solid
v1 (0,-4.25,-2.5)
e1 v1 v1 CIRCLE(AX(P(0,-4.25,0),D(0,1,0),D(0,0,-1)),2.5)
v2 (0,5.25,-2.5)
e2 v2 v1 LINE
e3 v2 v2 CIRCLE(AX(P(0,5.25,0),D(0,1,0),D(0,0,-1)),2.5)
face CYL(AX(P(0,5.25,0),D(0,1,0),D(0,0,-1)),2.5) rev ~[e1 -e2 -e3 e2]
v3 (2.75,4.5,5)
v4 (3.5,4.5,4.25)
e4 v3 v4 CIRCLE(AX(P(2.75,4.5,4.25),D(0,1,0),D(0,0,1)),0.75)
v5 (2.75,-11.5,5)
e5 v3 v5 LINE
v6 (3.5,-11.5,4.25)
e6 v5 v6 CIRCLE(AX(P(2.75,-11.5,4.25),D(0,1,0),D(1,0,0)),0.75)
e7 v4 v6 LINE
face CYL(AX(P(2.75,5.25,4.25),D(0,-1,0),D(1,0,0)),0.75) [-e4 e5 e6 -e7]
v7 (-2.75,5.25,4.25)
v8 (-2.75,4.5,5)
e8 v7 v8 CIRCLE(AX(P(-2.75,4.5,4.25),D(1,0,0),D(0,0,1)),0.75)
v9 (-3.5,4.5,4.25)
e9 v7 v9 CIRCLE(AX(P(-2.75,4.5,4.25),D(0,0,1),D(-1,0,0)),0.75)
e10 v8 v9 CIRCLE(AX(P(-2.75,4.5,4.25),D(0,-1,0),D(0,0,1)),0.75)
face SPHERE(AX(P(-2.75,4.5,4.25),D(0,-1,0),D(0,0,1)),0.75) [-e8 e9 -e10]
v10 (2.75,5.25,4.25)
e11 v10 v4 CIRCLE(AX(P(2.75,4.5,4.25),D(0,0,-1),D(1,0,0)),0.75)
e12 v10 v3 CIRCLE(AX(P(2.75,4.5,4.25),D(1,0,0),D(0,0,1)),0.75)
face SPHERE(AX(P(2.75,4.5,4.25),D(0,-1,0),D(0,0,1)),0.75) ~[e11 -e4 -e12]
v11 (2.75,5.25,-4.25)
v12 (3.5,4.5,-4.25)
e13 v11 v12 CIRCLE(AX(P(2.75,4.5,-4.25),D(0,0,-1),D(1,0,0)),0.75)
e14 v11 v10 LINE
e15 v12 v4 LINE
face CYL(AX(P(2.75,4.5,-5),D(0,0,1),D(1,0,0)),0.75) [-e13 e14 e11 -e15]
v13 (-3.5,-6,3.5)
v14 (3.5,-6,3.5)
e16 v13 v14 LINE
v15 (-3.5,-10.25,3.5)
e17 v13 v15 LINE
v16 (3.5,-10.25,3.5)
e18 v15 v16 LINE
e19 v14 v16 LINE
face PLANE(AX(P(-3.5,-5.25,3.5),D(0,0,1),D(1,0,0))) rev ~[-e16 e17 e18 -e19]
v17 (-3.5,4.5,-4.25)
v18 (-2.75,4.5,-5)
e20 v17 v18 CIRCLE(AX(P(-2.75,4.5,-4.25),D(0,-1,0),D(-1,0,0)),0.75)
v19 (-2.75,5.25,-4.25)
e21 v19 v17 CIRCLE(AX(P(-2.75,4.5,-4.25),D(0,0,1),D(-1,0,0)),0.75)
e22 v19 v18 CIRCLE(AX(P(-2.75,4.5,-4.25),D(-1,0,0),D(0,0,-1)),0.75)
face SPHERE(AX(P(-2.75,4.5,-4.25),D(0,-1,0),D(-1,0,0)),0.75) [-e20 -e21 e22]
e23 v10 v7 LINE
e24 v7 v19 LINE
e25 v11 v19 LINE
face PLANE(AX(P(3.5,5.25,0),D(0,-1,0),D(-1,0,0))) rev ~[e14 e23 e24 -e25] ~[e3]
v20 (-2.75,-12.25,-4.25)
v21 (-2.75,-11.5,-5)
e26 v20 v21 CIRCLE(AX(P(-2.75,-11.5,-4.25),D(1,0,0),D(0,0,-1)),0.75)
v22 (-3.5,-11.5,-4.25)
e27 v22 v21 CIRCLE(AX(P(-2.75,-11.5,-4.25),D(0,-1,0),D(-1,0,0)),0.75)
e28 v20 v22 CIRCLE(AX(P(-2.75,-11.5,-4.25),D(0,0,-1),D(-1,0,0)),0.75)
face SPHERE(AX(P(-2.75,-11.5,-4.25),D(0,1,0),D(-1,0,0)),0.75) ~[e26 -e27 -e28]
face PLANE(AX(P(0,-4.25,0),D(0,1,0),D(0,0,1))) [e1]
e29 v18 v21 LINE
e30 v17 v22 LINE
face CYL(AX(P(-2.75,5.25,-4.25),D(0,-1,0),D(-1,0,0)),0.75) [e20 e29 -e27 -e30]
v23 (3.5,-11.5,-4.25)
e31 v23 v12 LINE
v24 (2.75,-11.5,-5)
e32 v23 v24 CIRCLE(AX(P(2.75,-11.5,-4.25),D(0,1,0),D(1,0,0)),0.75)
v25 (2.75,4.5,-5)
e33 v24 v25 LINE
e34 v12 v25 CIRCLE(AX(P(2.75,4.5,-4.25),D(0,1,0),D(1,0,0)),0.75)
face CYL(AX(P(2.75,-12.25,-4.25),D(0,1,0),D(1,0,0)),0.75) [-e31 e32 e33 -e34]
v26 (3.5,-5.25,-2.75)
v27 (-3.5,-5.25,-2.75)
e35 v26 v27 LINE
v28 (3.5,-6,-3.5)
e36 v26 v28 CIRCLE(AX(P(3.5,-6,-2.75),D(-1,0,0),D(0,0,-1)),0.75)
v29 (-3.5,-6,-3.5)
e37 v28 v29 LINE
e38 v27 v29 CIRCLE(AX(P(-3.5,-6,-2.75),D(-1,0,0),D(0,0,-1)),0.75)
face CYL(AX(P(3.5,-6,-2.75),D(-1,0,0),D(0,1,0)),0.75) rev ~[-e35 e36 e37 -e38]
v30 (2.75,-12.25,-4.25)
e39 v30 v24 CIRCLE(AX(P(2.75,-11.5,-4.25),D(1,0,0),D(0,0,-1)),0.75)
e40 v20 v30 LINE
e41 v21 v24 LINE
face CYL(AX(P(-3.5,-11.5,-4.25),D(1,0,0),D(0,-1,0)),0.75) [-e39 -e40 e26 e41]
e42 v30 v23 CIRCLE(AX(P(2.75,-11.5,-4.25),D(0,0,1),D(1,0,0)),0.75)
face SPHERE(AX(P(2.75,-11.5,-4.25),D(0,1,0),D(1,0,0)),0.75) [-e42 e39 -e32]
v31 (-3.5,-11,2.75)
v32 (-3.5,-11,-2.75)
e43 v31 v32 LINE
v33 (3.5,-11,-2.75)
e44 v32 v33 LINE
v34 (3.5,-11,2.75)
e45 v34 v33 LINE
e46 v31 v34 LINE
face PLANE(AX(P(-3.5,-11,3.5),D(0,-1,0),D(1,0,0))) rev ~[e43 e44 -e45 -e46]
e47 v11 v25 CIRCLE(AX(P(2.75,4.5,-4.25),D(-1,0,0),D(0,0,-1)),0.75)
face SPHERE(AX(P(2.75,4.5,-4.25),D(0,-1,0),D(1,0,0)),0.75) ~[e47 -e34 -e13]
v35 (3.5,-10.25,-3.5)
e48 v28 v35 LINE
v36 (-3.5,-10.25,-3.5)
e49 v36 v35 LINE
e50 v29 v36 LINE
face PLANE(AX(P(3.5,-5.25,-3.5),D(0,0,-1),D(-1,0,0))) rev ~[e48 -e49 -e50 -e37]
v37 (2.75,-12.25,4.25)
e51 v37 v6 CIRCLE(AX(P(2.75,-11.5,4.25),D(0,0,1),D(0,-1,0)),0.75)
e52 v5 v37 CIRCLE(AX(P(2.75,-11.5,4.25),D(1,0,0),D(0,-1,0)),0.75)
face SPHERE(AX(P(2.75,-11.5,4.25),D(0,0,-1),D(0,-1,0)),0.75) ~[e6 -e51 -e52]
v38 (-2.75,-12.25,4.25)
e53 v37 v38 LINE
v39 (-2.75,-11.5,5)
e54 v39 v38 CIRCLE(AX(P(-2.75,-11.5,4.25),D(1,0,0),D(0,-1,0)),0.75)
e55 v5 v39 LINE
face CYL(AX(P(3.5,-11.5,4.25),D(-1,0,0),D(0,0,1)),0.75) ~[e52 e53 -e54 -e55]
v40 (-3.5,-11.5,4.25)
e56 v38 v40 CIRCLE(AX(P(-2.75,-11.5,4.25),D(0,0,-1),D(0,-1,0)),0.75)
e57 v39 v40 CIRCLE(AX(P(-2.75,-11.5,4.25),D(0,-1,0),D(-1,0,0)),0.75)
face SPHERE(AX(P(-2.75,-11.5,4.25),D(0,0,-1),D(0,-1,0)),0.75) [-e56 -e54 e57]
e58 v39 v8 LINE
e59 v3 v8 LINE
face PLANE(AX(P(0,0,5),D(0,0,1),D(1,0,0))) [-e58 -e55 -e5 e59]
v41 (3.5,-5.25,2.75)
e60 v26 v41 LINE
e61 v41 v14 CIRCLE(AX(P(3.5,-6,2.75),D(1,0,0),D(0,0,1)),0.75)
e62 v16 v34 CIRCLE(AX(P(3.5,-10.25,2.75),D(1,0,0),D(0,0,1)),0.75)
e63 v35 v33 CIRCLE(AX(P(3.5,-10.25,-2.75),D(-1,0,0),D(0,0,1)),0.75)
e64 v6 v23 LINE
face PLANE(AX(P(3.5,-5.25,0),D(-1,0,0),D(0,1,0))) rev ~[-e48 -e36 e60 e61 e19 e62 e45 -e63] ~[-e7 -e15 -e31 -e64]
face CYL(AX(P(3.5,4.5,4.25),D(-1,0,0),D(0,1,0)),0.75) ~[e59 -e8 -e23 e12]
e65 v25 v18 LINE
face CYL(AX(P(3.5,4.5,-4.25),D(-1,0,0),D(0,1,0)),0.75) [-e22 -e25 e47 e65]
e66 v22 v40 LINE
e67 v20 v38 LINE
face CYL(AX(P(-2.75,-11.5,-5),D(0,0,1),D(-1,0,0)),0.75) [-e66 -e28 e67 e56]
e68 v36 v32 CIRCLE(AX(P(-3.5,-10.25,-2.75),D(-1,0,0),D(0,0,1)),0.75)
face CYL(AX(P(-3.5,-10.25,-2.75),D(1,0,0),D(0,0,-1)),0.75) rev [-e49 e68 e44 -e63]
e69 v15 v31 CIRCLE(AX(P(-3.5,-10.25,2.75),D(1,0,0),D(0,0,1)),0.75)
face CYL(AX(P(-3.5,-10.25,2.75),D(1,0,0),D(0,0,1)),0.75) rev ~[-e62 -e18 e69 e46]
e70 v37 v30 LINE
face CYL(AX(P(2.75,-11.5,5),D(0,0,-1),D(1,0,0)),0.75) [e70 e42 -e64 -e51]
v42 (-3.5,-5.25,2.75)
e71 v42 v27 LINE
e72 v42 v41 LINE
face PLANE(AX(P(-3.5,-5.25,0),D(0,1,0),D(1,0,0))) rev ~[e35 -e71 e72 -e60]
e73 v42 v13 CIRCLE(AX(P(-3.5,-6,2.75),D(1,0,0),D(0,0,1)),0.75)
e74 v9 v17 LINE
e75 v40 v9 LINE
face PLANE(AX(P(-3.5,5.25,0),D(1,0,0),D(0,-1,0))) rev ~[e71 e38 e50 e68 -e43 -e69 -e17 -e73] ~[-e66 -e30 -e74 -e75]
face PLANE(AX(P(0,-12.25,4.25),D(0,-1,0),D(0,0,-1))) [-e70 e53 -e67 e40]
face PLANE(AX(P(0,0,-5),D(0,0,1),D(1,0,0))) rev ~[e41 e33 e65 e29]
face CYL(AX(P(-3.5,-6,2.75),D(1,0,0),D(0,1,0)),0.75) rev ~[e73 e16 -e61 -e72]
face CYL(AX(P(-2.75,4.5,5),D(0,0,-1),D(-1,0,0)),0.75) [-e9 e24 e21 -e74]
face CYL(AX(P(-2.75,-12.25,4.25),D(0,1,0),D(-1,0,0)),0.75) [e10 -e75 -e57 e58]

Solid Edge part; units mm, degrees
sketch "Sketch1" plane through (0, 0, 0) normal (0, 0, 1) x (1, 0, 0)
  line L0 (-3.5, -5.25) -> (3.5, -5.25)
  line L1 (3.5, -5.25) -> (3.5, 5.25)
  line L2 (3.5, 5.25) -> (-3.5, 5.25)
  line L3 (-3.5, 5.25) -> (-3.5, -5.25)
extrude "Protrusion1" add sketch "Sketch1" along normal mid plane 10
sketch "Sketch2" plane through (0, 5.25, 0) normal (0, 1, 0) x (0, 0, -1)
  circle A0 centre (0, 0) radius 2.5
extrude "ExtrudedCutout_3" cut sketch "Sketch2" against normal blind 9.5
sketch "Sketch3" plane through (0, -5.25, 0) normal (0, -1, 0) x (-1, 0, 0)
  line L0 (-3.5, 3.5) -> (3.5, 3.5)
  line L1 (3.5, 3.5) -> (3.5, 5)
  line L2 (3.5, 5) -> (-3.5, 5)
  line L3 (-3.5, 5) -> (-3.5, 3.5)
  line L4 (3.5, -3.5) -> (-3.5, -3.5)
  line L5 (-3.5, -3.5) -> (-3.5, -5)
  line L6 (-3.5, -5) -> (3.5, -5)
  line L7 (3.5, -5) -> (3.5, -3.5)
  dimension "D1" = 1.5
  dimension "D2" = 7
extrude "ExtrudedProtrusion_2" add sketch "Sketch3" along normal blind 7
sketch "Sketch4" plane through (0, -10.25, 3.5) normal (0, 0, -1) x (0, -1, 0)
  line L0 (0.75, -3.5) -> (2, -3.5)
  line L1 (2, -3.5) -> (2, 3.5)
  line L2 (2, 3.5) -> (0.75, 3.5)
  line L3 (0.75, 3.5) -> (0.75, -3.5)
extrude "Protrusion2" add sketch "Sketch4" along normal up to vertex (7 mm away)
fillet "Round_1" radius 0.75 16 edges at (3.5, -3.5, -5) (-3.5, -3.5, -5) (3.5, -12.25, 0) (-3.5, -12.25, 0) (0, -12.25, -5) (0, -12.25, 5) (-3.5, -3.5, 5) (0, -11, 3.5) (0, -11, -3.5) (0, -5.25, -3.5) (0, -5.25, 3.5) (3.5, -3.5, 5) (0, 5.25, 5) (-3.5, 5.25, 0) (3.5, 5.25, 0) (0, 5.25, -5)
properties material "ABS Plastic, medium impact"
